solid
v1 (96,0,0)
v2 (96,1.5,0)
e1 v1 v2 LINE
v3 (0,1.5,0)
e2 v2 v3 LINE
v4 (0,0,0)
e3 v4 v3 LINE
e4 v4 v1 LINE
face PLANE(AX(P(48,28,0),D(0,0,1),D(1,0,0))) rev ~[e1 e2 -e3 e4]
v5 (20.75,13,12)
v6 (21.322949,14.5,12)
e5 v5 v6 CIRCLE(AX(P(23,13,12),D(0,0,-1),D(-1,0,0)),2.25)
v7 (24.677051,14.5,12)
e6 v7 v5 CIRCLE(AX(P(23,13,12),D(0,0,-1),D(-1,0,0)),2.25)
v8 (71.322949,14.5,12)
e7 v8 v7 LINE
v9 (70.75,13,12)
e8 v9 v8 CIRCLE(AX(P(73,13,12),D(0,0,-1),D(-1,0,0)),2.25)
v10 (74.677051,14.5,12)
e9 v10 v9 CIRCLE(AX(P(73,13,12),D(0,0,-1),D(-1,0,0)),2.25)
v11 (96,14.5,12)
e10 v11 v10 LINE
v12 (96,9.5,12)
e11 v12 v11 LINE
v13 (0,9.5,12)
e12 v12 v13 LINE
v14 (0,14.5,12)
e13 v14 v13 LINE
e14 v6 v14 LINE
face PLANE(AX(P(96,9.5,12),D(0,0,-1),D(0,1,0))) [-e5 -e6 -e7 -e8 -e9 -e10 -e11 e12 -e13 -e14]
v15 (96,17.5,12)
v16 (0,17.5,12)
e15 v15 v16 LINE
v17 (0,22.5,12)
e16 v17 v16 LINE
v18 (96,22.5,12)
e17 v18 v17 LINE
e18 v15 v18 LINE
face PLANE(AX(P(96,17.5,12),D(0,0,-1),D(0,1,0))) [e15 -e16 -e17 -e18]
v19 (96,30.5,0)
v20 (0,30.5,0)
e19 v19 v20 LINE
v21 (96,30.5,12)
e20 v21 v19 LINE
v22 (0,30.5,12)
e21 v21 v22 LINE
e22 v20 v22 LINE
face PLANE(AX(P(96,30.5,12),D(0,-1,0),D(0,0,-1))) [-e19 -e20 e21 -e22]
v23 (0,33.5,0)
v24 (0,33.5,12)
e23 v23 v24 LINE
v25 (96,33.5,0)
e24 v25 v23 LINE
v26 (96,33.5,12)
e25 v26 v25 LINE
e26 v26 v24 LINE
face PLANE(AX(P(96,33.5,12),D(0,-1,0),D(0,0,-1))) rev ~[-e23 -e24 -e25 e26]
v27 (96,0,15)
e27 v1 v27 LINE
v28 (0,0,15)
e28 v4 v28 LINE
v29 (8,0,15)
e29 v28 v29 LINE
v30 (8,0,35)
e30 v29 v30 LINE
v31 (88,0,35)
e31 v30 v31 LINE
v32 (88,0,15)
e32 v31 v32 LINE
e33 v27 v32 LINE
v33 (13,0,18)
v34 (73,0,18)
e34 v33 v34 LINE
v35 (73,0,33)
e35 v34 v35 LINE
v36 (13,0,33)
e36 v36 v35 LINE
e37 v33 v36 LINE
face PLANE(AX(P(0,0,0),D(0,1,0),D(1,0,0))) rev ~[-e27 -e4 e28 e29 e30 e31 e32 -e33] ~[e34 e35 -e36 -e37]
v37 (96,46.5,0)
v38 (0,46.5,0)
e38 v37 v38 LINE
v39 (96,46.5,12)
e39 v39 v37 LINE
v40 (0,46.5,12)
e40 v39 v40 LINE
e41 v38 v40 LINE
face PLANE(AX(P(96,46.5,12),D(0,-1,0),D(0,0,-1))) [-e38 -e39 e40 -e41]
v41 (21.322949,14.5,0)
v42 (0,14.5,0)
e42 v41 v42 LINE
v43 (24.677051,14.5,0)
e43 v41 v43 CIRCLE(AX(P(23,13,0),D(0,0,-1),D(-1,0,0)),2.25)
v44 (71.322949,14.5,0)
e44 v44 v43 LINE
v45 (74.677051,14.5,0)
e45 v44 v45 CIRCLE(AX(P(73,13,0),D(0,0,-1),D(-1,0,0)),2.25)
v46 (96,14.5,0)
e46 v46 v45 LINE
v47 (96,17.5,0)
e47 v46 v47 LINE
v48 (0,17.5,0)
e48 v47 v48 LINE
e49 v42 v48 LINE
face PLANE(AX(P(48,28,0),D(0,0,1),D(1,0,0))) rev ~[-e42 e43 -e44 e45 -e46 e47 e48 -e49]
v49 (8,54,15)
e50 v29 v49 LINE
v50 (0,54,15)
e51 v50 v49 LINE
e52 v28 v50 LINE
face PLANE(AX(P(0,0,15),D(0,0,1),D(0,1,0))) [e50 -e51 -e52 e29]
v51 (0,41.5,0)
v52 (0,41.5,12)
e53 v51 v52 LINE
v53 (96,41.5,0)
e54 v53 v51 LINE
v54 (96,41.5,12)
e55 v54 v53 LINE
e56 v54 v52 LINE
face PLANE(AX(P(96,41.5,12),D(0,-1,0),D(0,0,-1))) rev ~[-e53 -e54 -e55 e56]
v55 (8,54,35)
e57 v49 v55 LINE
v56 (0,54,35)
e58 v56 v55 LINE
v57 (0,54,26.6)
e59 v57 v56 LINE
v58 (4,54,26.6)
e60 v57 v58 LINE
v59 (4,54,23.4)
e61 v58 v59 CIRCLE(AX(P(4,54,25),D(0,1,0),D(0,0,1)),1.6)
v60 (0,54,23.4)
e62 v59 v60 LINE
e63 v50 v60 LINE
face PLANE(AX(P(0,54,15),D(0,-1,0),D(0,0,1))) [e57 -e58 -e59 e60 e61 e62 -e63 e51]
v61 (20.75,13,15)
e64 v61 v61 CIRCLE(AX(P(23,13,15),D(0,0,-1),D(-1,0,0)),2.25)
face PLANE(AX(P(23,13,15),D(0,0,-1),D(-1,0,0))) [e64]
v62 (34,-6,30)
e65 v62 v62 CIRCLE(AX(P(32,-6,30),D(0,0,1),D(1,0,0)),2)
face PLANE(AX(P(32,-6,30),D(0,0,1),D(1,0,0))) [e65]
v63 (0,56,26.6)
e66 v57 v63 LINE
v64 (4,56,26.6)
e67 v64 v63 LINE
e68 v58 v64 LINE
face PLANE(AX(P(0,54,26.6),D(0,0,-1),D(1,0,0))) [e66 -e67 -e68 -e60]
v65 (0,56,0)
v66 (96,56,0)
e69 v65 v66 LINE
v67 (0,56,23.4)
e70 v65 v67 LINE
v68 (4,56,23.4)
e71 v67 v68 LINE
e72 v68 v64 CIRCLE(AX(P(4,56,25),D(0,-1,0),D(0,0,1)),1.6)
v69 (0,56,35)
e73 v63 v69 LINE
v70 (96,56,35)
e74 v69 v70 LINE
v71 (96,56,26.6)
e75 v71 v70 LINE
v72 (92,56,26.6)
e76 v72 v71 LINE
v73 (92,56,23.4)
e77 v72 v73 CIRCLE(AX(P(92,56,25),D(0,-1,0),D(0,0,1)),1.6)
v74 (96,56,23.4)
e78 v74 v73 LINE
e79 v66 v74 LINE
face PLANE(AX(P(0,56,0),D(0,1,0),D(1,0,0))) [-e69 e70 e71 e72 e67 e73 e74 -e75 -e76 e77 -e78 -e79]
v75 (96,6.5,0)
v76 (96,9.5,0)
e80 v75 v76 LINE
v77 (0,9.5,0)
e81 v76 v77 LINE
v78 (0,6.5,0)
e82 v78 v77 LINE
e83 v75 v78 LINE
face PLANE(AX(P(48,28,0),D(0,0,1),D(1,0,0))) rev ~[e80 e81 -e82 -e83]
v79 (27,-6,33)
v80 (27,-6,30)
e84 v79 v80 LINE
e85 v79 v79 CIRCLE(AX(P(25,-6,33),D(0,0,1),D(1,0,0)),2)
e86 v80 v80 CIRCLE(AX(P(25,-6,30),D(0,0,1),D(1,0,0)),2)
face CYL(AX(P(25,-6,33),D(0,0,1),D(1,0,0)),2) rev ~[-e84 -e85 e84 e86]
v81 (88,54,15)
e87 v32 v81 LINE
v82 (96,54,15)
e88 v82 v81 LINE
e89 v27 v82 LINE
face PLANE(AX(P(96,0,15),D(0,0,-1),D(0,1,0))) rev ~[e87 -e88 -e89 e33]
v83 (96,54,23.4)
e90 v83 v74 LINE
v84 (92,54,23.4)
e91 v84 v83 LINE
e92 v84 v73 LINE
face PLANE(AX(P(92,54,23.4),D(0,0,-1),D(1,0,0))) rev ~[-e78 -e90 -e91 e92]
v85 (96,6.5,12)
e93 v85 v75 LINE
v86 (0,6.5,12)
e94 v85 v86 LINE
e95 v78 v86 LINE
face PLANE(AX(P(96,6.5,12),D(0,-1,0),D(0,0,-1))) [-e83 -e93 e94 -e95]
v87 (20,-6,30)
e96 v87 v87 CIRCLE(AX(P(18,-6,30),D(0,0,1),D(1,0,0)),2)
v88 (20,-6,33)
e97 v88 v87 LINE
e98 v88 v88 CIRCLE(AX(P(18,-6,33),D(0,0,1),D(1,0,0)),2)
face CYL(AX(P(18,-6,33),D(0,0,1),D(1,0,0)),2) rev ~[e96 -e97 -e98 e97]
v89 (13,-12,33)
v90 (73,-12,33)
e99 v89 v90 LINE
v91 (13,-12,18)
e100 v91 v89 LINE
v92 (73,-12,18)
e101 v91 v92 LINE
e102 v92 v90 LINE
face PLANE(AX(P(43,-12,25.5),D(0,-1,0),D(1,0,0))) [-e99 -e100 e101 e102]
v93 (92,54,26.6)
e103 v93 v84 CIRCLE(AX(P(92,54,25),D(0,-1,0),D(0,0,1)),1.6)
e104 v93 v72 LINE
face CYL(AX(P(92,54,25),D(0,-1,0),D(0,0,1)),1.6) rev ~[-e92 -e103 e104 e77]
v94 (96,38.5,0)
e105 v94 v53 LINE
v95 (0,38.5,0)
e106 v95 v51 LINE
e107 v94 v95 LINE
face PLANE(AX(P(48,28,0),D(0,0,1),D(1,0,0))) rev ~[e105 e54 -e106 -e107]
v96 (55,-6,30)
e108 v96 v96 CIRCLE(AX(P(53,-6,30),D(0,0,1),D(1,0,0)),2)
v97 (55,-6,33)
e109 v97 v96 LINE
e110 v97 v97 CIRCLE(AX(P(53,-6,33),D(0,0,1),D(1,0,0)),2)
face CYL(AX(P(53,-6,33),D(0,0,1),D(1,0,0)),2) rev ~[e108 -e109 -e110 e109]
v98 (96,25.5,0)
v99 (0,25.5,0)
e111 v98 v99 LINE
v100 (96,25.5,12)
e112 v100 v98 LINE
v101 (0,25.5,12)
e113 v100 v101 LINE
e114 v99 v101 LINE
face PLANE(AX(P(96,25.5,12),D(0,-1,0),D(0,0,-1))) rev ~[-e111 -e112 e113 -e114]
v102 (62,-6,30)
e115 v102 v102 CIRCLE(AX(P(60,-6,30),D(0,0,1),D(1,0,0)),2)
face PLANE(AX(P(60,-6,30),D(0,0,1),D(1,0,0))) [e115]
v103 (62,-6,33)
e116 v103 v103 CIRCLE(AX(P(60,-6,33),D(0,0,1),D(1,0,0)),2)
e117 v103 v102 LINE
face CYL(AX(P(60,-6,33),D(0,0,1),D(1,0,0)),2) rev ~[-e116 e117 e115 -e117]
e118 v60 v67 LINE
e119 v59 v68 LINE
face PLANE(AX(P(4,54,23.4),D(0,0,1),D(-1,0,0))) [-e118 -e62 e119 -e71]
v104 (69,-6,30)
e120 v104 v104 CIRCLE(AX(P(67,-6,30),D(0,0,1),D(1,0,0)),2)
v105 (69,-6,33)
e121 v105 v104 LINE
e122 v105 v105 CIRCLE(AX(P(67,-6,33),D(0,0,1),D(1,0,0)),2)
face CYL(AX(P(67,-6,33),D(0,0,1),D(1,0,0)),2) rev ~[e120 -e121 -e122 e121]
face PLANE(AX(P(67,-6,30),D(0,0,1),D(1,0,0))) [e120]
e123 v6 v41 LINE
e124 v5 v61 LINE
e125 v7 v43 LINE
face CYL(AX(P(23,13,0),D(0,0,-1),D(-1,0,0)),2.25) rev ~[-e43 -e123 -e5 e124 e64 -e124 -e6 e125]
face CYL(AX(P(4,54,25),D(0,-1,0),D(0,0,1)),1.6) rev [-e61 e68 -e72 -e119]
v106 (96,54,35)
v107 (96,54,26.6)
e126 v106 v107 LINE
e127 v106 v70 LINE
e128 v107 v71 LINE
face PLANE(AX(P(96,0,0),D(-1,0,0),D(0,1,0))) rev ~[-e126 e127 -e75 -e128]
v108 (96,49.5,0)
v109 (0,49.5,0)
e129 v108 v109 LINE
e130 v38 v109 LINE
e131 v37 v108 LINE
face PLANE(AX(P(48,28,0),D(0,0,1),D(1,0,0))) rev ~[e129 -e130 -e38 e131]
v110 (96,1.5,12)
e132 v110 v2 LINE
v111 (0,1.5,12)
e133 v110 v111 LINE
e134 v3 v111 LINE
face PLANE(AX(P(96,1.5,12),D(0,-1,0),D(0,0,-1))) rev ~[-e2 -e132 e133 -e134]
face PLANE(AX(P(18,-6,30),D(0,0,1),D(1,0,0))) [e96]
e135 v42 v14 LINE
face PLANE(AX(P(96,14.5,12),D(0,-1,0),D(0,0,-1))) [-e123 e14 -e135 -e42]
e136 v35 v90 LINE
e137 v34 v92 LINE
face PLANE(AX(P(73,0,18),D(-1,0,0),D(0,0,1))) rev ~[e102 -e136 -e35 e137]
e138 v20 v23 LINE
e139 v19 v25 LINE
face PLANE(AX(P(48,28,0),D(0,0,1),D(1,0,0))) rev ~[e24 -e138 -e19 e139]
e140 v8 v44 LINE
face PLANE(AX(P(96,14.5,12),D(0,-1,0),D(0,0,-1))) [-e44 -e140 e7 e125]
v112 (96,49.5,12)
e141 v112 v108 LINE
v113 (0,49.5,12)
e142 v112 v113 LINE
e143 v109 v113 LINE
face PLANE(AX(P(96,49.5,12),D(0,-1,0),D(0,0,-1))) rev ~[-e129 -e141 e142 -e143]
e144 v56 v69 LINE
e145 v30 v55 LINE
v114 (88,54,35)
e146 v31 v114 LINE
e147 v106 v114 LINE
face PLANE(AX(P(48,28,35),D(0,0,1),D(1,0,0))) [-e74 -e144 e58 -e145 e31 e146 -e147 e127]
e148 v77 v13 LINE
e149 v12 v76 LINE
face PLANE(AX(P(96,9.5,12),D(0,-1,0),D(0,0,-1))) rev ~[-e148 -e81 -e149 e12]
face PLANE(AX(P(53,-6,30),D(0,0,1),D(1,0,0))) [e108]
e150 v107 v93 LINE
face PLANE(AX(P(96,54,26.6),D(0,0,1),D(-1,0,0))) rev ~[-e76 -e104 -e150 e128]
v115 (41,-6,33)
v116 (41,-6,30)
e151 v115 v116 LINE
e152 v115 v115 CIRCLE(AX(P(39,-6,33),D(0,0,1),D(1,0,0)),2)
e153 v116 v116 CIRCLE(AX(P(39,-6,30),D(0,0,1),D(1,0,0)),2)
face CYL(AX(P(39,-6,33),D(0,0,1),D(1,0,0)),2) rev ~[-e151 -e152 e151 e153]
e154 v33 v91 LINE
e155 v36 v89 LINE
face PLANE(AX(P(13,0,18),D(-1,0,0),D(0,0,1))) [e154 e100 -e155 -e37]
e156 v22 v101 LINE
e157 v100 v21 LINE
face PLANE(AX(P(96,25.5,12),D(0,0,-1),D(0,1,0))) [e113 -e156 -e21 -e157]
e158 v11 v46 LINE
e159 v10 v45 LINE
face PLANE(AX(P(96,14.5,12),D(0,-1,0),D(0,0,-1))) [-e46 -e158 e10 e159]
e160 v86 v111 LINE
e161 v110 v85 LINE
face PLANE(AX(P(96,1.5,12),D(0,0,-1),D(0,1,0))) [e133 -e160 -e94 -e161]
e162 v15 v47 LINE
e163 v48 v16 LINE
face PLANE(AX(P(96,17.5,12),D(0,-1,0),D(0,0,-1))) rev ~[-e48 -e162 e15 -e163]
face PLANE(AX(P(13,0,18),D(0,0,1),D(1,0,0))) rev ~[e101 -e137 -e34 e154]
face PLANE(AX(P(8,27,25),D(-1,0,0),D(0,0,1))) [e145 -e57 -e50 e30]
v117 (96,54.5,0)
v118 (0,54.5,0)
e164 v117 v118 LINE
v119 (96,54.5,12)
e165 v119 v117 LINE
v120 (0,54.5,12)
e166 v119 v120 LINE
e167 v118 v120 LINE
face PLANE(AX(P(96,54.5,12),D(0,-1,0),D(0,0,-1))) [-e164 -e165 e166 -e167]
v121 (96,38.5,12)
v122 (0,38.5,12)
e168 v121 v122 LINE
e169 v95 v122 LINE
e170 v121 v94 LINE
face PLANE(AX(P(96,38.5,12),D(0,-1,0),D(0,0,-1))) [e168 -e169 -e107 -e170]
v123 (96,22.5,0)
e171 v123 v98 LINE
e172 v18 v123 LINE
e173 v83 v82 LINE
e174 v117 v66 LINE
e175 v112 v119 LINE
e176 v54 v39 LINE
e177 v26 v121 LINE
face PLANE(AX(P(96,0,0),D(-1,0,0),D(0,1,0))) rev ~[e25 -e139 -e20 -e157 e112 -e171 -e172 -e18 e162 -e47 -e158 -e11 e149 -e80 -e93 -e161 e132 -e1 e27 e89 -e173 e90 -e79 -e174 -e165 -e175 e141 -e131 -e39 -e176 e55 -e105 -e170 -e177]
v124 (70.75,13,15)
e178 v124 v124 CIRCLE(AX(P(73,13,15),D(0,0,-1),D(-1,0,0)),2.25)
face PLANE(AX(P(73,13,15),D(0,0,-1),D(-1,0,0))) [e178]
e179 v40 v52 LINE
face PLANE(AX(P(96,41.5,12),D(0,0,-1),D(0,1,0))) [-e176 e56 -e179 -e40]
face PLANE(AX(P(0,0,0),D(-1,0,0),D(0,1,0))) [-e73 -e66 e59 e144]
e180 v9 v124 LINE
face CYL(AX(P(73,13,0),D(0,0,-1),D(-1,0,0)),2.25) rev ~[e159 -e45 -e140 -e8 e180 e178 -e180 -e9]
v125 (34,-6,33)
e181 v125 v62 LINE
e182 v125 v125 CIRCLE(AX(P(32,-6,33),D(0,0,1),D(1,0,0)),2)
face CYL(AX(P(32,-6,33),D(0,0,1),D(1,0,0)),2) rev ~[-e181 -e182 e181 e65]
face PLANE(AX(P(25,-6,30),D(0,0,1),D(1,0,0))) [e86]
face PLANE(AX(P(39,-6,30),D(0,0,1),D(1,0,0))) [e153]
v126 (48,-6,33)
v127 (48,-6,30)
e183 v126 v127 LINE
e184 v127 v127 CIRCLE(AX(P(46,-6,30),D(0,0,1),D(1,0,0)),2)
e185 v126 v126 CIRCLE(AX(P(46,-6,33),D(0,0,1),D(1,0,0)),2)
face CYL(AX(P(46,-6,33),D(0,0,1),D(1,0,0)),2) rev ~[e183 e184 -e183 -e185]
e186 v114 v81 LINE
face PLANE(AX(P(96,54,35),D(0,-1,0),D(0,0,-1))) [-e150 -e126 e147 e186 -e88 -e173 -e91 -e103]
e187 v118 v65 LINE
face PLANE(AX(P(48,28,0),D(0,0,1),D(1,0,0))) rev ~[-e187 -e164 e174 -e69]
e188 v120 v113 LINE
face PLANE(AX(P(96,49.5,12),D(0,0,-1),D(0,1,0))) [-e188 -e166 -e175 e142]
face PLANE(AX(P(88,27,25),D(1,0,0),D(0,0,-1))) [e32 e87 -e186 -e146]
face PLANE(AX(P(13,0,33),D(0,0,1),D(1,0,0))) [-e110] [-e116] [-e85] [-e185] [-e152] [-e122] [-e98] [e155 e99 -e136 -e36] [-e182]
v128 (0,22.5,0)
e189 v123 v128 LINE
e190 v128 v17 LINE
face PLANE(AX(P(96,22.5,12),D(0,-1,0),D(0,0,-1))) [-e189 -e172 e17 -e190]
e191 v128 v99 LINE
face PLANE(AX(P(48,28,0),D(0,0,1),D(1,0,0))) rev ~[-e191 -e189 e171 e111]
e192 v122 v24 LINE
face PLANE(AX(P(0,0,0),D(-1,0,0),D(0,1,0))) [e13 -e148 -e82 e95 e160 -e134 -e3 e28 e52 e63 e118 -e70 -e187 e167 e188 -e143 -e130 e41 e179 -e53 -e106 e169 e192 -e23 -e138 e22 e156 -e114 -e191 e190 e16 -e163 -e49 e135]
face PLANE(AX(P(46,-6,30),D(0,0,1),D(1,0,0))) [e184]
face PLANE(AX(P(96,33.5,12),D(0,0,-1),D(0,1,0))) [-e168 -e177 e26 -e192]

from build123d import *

# Parameters (mm, degrees)
SKETCH_1_W          = 96
SKETCH_1_H          = 56
EXTRUDE_1_DEPTH     = 35
SKETCH_5_W          = 20
SKETCH_5_H          = 54
CUT_EXTRUDE_3_DEPTH = 8
SKETCH_6_W          = 20
SKETCH_6_H          = 54
CUT_EXTRUDE_4_DEPTH = 8
SKETCH_7_W          = 12
SKETCH_7_H          = 5
CUT_EXTRUDE_5_DEPTH = 97
CUT_EXTRUDE_7_DEPTH = 3
SKETCH_9_W          = 60
SKETCH_9_H          = 15
EXTRUDE_2_DEPTH     = 12
SKETCH_10_R         = 2
CUT_EXTRUDE_8_DEPTH = 3
SKETCH_11_R         = 2.25
CUT_EXTRUDE_9_DEPTH = 15


with BuildPart() as part:
    # Эскиз1 → Бобышка-Вытянуть1 (new body)
    with BuildSketch(Plane.XY):
        with Locations((48, 28)):
            Rectangle(SKETCH_1_W, SKETCH_1_H)
    extrude(amount=EXTRUDE_1_DEPTH)

    # Эскиз5 → Вырез-Вытянуть3 (cut)
    with BuildSketch(Plane(origin=(96, 0, 0), x_dir=(0, 0, -1), z_dir=(1, 0, 0))):
        with Locations((-25, 27)):
            Rectangle(SKETCH_5_W, SKETCH_5_H)
    extrude(amount=-CUT_EXTRUDE_3_DEPTH, mode=Mode.SUBTRACT)

    # Эскиз6 → Вырез-Вытянуть4 (cut)
    with BuildSketch(Plane.ZY):
        with Locations((25, 27)):
            Rectangle(SKETCH_6_W, SKETCH_6_H)
    extrude(amount=-CUT_EXTRUDE_4_DEPTH, mode=Mode.SUBTRACT)

    # Эскиз7 → Вырез-Вытянуть5 (cut, through all)
    with BuildSketch(Plane(origin=(96, 0, 0), x_dir=(0, 0, -1), z_dir=(1, 0, 0))):
        with Locations((-6, 4)):
            Rectangle(SKETCH_7_W, SKETCH_7_H)
        with Locations((-6, 12)):
            Rectangle(SKETCH_7_W, SKETCH_7_H)
        with Locations((-6, 20)):
            Rectangle(SKETCH_7_W, SKETCH_7_H)
        with Locations((-6, 28)):
            Rectangle(SKETCH_7_W, SKETCH_7_H)
        with Locations((-6, 36)):
            Rectangle(SKETCH_7_W, SKETCH_7_H)
        with Locations((-6, 44)):
            Rectangle(SKETCH_7_W, SKETCH_7_H)
        with Locations((-6, 52)):
            Rectangle(SKETCH_7_W, SKETCH_7_H)
    extrude(amount=-CUT_EXTRUDE_5_DEPTH, mode=Mode.SUBTRACT)

    # Эскиз8 → Вырез-Вытянуть7 (cut, through all)
    with BuildSketch(Plane.XZ.offset(-54)):
        with BuildLine():
            ThreePointArc((4, 26.6), (5.6, 25), (4, 23.4))
            Line((4, 23.4), (0, 23.4))
            Line((0, 23.4), (0, 26.6))
            Line((0, 26.6), (4, 26.6))
        make_face()
        with BuildLine():
            Line((96, 26.6), (92, 26.6))
            ThreePointArc((92, 26.6), (90.4, 25), (92, 23.4))
            Line((92, 23.4), (96, 23.4))
            Line((96, 23.4), (96, 26.6))
        make_face()
    extrude(amount=-CUT_EXTRUDE_7_DEPTH, mode=Mode.SUBTRACT)

    # Эскиз9 → Бобышка-Вытянуть2 (add)
    with BuildSketch(Plane.XZ):
        with Locations((43, 25.5)):
            Rectangle(SKETCH_9_W, SKETCH_9_H)
    extrude(amount=EXTRUDE_2_DEPTH)

    # Эскиз10 → Вырез-Вытянуть8 (cut)
    with BuildSketch(Plane.XY.offset(33)):
        with Locations((18, -6)):
            Circle(SKETCH_10_R)
        with Locations((25, -6)):
            Circle(SKETCH_10_R)
        with Locations((32, -6)):
            Circle(SKETCH_10_R)
        with Locations((39, -6)):
            Circle(SKETCH_10_R)
        with Locations((46, -6)):
            Circle(SKETCH_10_R)
        with Locations((53, -6)):
            Circle(SKETCH_10_R)
        with Locations((60, -6)):
            Circle(SKETCH_10_R)
        with Locations((67, -6)):
            Circle(SKETCH_10_R)
    extrude(amount=-CUT_EXTRUDE_8_DEPTH, mode=Mode.SUBTRACT)

    # Эскиз11 → Вырез-Вытянуть9 (cut)
    with BuildSketch(Plane(origin=(0, 0, 0), x_dir=(-1, 0, 0), z_dir=(0, 0, -1))):
        with Locations((-23, 13)):
            Circle(SKETCH_11_R)
        with Locations((-73, 13)):
            Circle(SKETCH_11_R)
    extrude(amount=-CUT_EXTRUDE_9_DEPTH, mode=Mode.SUBTRACT)


solid = part.part
